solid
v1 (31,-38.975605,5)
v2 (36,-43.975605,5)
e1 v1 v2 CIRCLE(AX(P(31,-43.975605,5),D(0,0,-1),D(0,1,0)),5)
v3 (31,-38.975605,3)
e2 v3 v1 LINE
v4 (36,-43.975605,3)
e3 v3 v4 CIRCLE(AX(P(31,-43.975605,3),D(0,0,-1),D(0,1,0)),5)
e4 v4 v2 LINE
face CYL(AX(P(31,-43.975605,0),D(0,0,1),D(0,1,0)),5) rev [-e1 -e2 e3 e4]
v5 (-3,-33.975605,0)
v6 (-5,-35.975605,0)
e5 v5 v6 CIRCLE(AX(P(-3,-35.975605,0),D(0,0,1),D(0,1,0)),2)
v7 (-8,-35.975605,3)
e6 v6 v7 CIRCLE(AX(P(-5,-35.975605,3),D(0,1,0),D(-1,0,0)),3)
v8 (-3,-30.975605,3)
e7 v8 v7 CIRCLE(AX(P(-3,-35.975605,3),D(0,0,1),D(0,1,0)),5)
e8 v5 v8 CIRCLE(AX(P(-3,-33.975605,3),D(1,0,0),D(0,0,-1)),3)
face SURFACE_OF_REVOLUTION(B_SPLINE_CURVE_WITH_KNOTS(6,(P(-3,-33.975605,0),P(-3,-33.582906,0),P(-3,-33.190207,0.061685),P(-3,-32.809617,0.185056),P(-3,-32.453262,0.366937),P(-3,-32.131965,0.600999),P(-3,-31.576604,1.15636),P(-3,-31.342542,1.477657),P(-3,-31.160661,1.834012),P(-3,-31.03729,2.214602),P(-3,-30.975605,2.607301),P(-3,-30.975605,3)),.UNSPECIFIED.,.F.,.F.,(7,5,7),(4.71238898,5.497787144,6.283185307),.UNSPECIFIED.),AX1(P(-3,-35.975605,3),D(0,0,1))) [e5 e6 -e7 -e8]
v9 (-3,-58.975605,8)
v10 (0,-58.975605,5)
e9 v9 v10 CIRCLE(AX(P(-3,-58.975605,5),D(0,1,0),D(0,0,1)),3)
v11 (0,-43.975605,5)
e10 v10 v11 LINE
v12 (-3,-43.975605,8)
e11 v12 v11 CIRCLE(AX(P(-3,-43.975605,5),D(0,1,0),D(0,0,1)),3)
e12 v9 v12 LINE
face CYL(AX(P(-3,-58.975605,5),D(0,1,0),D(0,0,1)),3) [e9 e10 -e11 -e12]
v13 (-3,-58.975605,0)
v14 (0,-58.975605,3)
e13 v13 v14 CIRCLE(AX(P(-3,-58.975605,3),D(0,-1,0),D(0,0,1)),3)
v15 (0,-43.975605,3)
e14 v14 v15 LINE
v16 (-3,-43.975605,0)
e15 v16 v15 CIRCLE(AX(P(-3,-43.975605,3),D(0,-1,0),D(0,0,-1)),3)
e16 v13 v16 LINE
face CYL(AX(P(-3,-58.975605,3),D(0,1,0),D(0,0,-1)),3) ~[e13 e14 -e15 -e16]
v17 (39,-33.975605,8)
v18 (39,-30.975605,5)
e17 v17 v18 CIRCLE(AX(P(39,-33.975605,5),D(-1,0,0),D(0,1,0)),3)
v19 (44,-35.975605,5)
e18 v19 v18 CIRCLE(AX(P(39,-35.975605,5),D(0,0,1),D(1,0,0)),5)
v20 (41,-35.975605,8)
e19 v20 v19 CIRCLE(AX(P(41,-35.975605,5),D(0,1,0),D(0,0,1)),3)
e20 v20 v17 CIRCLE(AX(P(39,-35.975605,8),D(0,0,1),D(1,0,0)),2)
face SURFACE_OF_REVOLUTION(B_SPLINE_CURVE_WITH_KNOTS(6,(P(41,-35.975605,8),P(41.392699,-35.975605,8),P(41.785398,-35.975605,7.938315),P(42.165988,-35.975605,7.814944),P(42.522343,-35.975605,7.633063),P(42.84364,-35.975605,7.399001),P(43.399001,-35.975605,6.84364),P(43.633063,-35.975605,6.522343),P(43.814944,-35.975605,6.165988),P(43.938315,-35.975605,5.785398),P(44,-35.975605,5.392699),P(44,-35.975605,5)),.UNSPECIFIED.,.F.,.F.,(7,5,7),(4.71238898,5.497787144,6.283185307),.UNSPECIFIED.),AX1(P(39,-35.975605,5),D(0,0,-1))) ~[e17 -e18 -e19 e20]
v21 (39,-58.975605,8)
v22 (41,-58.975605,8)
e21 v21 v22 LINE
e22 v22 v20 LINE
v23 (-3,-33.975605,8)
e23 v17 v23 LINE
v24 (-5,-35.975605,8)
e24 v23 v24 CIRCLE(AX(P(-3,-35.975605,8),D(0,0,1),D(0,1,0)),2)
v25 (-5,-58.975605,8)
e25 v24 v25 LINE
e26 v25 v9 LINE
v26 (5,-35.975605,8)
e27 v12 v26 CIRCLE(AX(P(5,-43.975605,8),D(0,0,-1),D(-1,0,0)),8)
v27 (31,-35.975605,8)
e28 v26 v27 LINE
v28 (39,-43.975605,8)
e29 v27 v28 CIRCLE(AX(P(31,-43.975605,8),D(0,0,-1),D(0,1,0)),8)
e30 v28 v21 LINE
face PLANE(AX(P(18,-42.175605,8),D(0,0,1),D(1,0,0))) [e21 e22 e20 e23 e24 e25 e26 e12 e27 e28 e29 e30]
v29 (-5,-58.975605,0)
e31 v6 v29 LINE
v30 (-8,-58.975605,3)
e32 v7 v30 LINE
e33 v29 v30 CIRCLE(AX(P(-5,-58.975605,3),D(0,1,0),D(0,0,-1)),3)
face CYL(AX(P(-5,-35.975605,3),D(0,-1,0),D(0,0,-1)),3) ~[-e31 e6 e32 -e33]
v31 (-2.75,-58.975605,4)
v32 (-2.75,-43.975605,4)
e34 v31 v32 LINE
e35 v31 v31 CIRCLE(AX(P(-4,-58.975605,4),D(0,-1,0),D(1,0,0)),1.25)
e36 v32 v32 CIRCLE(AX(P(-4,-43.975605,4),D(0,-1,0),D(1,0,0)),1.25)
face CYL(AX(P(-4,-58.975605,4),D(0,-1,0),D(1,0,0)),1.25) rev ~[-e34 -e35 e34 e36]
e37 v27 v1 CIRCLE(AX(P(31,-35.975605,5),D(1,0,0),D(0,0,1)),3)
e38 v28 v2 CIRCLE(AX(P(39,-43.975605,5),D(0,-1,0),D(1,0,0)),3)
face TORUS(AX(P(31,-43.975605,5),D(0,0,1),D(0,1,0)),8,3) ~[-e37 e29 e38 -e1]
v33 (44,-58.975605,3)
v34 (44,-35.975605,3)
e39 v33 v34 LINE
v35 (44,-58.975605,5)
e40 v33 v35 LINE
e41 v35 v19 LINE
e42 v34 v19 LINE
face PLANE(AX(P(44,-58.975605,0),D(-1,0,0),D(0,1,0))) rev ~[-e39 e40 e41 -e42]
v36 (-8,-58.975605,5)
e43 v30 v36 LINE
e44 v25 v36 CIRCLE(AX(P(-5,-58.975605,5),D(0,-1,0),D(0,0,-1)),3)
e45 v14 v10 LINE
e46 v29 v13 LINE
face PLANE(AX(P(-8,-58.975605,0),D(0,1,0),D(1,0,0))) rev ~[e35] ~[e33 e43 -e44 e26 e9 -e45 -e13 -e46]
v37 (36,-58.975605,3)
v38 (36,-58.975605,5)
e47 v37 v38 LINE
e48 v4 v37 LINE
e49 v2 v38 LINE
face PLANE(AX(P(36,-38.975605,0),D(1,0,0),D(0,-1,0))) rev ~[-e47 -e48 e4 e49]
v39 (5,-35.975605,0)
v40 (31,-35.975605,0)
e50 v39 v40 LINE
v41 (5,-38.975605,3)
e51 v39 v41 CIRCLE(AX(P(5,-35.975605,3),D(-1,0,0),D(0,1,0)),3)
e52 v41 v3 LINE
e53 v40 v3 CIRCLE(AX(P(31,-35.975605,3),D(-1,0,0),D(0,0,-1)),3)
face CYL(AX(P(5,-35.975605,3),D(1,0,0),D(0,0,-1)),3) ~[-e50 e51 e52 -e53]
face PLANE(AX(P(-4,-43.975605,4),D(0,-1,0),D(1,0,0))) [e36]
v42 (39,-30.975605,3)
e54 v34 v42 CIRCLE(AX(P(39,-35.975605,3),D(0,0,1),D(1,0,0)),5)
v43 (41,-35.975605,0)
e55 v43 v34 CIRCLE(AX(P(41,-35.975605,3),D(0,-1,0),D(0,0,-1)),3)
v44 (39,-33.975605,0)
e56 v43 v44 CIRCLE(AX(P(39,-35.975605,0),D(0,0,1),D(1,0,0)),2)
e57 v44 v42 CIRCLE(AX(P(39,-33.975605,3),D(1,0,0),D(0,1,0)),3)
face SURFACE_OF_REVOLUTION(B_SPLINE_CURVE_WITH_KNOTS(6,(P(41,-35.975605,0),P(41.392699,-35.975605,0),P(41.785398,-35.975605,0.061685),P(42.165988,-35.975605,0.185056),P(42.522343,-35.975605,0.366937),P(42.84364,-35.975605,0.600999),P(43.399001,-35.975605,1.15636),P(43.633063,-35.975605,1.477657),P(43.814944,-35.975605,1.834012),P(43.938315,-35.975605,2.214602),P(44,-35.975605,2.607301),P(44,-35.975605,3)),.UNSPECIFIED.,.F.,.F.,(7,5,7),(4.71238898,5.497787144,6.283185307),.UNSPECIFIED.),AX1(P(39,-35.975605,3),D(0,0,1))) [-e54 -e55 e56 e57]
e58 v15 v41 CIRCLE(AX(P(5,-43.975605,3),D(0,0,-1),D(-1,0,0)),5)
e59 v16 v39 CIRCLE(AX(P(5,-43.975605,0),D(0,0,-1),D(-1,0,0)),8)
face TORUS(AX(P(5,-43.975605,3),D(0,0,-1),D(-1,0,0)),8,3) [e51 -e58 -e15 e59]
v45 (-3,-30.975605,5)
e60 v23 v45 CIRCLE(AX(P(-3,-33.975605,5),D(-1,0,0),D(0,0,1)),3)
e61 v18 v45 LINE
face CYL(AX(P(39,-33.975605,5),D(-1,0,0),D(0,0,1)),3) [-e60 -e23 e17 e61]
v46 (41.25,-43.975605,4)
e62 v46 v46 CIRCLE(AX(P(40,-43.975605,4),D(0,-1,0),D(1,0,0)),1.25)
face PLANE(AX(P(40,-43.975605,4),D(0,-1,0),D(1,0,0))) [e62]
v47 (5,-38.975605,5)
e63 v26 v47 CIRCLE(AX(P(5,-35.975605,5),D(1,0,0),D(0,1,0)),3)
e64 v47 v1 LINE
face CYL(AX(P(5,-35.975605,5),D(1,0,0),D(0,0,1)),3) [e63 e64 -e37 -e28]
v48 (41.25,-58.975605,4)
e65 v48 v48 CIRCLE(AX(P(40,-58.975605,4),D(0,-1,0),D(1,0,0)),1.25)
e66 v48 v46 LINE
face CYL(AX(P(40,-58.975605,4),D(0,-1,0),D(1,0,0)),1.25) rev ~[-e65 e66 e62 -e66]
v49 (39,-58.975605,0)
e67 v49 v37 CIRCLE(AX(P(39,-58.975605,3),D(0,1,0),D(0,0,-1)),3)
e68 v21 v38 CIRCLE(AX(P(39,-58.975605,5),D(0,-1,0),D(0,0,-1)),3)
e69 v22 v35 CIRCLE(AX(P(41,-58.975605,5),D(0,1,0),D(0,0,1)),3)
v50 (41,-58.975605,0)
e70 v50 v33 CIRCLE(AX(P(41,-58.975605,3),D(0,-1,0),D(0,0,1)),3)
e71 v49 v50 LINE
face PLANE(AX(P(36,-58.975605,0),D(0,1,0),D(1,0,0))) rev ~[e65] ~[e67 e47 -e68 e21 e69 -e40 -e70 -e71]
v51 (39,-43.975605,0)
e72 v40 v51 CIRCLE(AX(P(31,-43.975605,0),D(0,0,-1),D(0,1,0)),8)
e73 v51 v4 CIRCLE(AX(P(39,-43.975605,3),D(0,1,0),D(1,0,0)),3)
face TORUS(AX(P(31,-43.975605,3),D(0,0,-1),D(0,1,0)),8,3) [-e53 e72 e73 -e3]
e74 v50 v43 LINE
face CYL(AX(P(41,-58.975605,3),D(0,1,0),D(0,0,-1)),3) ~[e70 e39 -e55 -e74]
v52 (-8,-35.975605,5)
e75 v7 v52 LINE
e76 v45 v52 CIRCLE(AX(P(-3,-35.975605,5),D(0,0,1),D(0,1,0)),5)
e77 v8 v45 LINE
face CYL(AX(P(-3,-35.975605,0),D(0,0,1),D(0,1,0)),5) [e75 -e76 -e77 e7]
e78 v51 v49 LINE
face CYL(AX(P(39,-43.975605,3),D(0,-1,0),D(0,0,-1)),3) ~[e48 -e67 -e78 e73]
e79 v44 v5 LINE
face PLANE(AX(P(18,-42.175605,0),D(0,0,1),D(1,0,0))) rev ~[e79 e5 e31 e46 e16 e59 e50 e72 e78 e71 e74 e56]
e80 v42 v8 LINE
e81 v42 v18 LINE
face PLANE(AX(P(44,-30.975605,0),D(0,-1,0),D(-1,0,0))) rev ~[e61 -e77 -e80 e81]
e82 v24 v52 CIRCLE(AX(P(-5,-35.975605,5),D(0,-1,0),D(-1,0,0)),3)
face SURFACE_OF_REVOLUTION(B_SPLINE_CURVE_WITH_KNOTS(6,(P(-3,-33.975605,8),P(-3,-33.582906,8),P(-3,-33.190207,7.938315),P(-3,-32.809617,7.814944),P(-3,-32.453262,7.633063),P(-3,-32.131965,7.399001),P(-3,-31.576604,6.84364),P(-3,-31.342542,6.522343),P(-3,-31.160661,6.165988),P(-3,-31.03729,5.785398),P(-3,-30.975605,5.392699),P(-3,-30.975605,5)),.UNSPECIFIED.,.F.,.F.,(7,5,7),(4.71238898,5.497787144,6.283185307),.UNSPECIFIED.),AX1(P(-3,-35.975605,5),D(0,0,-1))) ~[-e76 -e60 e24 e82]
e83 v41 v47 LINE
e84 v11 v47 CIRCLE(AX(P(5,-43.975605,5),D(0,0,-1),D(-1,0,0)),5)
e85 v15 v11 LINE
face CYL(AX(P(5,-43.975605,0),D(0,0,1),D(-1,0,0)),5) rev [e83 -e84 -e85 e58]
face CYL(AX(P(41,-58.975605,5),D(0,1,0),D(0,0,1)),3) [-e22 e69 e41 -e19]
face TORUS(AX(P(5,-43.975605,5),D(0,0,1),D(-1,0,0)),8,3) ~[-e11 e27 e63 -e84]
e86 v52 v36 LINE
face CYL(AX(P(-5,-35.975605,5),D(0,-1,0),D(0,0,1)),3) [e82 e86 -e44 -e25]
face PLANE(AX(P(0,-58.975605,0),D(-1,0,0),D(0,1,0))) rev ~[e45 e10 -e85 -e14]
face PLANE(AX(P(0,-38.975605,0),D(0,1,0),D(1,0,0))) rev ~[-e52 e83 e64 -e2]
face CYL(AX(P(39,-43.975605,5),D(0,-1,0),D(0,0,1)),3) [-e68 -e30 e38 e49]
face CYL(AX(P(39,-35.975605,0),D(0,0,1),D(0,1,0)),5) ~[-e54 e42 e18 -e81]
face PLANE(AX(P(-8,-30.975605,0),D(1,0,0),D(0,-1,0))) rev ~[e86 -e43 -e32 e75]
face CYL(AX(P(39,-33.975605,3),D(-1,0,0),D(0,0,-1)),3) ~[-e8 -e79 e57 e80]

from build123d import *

# Parameters (mm, degrees)
F1_DEPTH = 8
F2_R     = 5
F3_R     = 3
F4_R     = 1.25
F5_DEPTH = 15


with BuildPart() as f1:
    # F0 (on Top) → F1 (new body)
    with BuildSketch(Plane.XY):
        Polygon((44, -30.975605), (-8, -30.975605), (-8, -58.975605), (0, -58.975605), (0, -38.975605), (36, -38.975605), (36, -58.975605), (44, -58.975605), align=None)
    extrude(amount=F1_DEPTH)

    # F2
    f2_edges = [f1.edges().sort_by_distance(p)[0] for p in [
        (-8, -30.975605, 4),
        (44, -30.975605, 4),
        (0, -38.975605, 4),
        (36, -38.975605, 4),
    ]]
    fillet(f2_edges, radius=F2_R)

    # F3
    f3_edges = [f1.edges().sort_by_distance(p)[0] for p in [
        (18, -38.975605, 8),
        (44, -47.475605, 8),
        (44, -47.475605, 0),
        (36, -51.475605, 0),
    ]]
    fillet(f3_edges, radius=F3_R)

    # F4 (on face) → F5 (cut)
    with BuildSketch(Plane.XZ.offset(58.975605)):
        with Locations((40, 4)):
            Circle(F4_R)
        with Locations((-4, 4)):
            Circle(F4_R)
    extrude(amount=-F5_DEPTH, mode=Mode.SUBTRACT)


solid = f1.part
